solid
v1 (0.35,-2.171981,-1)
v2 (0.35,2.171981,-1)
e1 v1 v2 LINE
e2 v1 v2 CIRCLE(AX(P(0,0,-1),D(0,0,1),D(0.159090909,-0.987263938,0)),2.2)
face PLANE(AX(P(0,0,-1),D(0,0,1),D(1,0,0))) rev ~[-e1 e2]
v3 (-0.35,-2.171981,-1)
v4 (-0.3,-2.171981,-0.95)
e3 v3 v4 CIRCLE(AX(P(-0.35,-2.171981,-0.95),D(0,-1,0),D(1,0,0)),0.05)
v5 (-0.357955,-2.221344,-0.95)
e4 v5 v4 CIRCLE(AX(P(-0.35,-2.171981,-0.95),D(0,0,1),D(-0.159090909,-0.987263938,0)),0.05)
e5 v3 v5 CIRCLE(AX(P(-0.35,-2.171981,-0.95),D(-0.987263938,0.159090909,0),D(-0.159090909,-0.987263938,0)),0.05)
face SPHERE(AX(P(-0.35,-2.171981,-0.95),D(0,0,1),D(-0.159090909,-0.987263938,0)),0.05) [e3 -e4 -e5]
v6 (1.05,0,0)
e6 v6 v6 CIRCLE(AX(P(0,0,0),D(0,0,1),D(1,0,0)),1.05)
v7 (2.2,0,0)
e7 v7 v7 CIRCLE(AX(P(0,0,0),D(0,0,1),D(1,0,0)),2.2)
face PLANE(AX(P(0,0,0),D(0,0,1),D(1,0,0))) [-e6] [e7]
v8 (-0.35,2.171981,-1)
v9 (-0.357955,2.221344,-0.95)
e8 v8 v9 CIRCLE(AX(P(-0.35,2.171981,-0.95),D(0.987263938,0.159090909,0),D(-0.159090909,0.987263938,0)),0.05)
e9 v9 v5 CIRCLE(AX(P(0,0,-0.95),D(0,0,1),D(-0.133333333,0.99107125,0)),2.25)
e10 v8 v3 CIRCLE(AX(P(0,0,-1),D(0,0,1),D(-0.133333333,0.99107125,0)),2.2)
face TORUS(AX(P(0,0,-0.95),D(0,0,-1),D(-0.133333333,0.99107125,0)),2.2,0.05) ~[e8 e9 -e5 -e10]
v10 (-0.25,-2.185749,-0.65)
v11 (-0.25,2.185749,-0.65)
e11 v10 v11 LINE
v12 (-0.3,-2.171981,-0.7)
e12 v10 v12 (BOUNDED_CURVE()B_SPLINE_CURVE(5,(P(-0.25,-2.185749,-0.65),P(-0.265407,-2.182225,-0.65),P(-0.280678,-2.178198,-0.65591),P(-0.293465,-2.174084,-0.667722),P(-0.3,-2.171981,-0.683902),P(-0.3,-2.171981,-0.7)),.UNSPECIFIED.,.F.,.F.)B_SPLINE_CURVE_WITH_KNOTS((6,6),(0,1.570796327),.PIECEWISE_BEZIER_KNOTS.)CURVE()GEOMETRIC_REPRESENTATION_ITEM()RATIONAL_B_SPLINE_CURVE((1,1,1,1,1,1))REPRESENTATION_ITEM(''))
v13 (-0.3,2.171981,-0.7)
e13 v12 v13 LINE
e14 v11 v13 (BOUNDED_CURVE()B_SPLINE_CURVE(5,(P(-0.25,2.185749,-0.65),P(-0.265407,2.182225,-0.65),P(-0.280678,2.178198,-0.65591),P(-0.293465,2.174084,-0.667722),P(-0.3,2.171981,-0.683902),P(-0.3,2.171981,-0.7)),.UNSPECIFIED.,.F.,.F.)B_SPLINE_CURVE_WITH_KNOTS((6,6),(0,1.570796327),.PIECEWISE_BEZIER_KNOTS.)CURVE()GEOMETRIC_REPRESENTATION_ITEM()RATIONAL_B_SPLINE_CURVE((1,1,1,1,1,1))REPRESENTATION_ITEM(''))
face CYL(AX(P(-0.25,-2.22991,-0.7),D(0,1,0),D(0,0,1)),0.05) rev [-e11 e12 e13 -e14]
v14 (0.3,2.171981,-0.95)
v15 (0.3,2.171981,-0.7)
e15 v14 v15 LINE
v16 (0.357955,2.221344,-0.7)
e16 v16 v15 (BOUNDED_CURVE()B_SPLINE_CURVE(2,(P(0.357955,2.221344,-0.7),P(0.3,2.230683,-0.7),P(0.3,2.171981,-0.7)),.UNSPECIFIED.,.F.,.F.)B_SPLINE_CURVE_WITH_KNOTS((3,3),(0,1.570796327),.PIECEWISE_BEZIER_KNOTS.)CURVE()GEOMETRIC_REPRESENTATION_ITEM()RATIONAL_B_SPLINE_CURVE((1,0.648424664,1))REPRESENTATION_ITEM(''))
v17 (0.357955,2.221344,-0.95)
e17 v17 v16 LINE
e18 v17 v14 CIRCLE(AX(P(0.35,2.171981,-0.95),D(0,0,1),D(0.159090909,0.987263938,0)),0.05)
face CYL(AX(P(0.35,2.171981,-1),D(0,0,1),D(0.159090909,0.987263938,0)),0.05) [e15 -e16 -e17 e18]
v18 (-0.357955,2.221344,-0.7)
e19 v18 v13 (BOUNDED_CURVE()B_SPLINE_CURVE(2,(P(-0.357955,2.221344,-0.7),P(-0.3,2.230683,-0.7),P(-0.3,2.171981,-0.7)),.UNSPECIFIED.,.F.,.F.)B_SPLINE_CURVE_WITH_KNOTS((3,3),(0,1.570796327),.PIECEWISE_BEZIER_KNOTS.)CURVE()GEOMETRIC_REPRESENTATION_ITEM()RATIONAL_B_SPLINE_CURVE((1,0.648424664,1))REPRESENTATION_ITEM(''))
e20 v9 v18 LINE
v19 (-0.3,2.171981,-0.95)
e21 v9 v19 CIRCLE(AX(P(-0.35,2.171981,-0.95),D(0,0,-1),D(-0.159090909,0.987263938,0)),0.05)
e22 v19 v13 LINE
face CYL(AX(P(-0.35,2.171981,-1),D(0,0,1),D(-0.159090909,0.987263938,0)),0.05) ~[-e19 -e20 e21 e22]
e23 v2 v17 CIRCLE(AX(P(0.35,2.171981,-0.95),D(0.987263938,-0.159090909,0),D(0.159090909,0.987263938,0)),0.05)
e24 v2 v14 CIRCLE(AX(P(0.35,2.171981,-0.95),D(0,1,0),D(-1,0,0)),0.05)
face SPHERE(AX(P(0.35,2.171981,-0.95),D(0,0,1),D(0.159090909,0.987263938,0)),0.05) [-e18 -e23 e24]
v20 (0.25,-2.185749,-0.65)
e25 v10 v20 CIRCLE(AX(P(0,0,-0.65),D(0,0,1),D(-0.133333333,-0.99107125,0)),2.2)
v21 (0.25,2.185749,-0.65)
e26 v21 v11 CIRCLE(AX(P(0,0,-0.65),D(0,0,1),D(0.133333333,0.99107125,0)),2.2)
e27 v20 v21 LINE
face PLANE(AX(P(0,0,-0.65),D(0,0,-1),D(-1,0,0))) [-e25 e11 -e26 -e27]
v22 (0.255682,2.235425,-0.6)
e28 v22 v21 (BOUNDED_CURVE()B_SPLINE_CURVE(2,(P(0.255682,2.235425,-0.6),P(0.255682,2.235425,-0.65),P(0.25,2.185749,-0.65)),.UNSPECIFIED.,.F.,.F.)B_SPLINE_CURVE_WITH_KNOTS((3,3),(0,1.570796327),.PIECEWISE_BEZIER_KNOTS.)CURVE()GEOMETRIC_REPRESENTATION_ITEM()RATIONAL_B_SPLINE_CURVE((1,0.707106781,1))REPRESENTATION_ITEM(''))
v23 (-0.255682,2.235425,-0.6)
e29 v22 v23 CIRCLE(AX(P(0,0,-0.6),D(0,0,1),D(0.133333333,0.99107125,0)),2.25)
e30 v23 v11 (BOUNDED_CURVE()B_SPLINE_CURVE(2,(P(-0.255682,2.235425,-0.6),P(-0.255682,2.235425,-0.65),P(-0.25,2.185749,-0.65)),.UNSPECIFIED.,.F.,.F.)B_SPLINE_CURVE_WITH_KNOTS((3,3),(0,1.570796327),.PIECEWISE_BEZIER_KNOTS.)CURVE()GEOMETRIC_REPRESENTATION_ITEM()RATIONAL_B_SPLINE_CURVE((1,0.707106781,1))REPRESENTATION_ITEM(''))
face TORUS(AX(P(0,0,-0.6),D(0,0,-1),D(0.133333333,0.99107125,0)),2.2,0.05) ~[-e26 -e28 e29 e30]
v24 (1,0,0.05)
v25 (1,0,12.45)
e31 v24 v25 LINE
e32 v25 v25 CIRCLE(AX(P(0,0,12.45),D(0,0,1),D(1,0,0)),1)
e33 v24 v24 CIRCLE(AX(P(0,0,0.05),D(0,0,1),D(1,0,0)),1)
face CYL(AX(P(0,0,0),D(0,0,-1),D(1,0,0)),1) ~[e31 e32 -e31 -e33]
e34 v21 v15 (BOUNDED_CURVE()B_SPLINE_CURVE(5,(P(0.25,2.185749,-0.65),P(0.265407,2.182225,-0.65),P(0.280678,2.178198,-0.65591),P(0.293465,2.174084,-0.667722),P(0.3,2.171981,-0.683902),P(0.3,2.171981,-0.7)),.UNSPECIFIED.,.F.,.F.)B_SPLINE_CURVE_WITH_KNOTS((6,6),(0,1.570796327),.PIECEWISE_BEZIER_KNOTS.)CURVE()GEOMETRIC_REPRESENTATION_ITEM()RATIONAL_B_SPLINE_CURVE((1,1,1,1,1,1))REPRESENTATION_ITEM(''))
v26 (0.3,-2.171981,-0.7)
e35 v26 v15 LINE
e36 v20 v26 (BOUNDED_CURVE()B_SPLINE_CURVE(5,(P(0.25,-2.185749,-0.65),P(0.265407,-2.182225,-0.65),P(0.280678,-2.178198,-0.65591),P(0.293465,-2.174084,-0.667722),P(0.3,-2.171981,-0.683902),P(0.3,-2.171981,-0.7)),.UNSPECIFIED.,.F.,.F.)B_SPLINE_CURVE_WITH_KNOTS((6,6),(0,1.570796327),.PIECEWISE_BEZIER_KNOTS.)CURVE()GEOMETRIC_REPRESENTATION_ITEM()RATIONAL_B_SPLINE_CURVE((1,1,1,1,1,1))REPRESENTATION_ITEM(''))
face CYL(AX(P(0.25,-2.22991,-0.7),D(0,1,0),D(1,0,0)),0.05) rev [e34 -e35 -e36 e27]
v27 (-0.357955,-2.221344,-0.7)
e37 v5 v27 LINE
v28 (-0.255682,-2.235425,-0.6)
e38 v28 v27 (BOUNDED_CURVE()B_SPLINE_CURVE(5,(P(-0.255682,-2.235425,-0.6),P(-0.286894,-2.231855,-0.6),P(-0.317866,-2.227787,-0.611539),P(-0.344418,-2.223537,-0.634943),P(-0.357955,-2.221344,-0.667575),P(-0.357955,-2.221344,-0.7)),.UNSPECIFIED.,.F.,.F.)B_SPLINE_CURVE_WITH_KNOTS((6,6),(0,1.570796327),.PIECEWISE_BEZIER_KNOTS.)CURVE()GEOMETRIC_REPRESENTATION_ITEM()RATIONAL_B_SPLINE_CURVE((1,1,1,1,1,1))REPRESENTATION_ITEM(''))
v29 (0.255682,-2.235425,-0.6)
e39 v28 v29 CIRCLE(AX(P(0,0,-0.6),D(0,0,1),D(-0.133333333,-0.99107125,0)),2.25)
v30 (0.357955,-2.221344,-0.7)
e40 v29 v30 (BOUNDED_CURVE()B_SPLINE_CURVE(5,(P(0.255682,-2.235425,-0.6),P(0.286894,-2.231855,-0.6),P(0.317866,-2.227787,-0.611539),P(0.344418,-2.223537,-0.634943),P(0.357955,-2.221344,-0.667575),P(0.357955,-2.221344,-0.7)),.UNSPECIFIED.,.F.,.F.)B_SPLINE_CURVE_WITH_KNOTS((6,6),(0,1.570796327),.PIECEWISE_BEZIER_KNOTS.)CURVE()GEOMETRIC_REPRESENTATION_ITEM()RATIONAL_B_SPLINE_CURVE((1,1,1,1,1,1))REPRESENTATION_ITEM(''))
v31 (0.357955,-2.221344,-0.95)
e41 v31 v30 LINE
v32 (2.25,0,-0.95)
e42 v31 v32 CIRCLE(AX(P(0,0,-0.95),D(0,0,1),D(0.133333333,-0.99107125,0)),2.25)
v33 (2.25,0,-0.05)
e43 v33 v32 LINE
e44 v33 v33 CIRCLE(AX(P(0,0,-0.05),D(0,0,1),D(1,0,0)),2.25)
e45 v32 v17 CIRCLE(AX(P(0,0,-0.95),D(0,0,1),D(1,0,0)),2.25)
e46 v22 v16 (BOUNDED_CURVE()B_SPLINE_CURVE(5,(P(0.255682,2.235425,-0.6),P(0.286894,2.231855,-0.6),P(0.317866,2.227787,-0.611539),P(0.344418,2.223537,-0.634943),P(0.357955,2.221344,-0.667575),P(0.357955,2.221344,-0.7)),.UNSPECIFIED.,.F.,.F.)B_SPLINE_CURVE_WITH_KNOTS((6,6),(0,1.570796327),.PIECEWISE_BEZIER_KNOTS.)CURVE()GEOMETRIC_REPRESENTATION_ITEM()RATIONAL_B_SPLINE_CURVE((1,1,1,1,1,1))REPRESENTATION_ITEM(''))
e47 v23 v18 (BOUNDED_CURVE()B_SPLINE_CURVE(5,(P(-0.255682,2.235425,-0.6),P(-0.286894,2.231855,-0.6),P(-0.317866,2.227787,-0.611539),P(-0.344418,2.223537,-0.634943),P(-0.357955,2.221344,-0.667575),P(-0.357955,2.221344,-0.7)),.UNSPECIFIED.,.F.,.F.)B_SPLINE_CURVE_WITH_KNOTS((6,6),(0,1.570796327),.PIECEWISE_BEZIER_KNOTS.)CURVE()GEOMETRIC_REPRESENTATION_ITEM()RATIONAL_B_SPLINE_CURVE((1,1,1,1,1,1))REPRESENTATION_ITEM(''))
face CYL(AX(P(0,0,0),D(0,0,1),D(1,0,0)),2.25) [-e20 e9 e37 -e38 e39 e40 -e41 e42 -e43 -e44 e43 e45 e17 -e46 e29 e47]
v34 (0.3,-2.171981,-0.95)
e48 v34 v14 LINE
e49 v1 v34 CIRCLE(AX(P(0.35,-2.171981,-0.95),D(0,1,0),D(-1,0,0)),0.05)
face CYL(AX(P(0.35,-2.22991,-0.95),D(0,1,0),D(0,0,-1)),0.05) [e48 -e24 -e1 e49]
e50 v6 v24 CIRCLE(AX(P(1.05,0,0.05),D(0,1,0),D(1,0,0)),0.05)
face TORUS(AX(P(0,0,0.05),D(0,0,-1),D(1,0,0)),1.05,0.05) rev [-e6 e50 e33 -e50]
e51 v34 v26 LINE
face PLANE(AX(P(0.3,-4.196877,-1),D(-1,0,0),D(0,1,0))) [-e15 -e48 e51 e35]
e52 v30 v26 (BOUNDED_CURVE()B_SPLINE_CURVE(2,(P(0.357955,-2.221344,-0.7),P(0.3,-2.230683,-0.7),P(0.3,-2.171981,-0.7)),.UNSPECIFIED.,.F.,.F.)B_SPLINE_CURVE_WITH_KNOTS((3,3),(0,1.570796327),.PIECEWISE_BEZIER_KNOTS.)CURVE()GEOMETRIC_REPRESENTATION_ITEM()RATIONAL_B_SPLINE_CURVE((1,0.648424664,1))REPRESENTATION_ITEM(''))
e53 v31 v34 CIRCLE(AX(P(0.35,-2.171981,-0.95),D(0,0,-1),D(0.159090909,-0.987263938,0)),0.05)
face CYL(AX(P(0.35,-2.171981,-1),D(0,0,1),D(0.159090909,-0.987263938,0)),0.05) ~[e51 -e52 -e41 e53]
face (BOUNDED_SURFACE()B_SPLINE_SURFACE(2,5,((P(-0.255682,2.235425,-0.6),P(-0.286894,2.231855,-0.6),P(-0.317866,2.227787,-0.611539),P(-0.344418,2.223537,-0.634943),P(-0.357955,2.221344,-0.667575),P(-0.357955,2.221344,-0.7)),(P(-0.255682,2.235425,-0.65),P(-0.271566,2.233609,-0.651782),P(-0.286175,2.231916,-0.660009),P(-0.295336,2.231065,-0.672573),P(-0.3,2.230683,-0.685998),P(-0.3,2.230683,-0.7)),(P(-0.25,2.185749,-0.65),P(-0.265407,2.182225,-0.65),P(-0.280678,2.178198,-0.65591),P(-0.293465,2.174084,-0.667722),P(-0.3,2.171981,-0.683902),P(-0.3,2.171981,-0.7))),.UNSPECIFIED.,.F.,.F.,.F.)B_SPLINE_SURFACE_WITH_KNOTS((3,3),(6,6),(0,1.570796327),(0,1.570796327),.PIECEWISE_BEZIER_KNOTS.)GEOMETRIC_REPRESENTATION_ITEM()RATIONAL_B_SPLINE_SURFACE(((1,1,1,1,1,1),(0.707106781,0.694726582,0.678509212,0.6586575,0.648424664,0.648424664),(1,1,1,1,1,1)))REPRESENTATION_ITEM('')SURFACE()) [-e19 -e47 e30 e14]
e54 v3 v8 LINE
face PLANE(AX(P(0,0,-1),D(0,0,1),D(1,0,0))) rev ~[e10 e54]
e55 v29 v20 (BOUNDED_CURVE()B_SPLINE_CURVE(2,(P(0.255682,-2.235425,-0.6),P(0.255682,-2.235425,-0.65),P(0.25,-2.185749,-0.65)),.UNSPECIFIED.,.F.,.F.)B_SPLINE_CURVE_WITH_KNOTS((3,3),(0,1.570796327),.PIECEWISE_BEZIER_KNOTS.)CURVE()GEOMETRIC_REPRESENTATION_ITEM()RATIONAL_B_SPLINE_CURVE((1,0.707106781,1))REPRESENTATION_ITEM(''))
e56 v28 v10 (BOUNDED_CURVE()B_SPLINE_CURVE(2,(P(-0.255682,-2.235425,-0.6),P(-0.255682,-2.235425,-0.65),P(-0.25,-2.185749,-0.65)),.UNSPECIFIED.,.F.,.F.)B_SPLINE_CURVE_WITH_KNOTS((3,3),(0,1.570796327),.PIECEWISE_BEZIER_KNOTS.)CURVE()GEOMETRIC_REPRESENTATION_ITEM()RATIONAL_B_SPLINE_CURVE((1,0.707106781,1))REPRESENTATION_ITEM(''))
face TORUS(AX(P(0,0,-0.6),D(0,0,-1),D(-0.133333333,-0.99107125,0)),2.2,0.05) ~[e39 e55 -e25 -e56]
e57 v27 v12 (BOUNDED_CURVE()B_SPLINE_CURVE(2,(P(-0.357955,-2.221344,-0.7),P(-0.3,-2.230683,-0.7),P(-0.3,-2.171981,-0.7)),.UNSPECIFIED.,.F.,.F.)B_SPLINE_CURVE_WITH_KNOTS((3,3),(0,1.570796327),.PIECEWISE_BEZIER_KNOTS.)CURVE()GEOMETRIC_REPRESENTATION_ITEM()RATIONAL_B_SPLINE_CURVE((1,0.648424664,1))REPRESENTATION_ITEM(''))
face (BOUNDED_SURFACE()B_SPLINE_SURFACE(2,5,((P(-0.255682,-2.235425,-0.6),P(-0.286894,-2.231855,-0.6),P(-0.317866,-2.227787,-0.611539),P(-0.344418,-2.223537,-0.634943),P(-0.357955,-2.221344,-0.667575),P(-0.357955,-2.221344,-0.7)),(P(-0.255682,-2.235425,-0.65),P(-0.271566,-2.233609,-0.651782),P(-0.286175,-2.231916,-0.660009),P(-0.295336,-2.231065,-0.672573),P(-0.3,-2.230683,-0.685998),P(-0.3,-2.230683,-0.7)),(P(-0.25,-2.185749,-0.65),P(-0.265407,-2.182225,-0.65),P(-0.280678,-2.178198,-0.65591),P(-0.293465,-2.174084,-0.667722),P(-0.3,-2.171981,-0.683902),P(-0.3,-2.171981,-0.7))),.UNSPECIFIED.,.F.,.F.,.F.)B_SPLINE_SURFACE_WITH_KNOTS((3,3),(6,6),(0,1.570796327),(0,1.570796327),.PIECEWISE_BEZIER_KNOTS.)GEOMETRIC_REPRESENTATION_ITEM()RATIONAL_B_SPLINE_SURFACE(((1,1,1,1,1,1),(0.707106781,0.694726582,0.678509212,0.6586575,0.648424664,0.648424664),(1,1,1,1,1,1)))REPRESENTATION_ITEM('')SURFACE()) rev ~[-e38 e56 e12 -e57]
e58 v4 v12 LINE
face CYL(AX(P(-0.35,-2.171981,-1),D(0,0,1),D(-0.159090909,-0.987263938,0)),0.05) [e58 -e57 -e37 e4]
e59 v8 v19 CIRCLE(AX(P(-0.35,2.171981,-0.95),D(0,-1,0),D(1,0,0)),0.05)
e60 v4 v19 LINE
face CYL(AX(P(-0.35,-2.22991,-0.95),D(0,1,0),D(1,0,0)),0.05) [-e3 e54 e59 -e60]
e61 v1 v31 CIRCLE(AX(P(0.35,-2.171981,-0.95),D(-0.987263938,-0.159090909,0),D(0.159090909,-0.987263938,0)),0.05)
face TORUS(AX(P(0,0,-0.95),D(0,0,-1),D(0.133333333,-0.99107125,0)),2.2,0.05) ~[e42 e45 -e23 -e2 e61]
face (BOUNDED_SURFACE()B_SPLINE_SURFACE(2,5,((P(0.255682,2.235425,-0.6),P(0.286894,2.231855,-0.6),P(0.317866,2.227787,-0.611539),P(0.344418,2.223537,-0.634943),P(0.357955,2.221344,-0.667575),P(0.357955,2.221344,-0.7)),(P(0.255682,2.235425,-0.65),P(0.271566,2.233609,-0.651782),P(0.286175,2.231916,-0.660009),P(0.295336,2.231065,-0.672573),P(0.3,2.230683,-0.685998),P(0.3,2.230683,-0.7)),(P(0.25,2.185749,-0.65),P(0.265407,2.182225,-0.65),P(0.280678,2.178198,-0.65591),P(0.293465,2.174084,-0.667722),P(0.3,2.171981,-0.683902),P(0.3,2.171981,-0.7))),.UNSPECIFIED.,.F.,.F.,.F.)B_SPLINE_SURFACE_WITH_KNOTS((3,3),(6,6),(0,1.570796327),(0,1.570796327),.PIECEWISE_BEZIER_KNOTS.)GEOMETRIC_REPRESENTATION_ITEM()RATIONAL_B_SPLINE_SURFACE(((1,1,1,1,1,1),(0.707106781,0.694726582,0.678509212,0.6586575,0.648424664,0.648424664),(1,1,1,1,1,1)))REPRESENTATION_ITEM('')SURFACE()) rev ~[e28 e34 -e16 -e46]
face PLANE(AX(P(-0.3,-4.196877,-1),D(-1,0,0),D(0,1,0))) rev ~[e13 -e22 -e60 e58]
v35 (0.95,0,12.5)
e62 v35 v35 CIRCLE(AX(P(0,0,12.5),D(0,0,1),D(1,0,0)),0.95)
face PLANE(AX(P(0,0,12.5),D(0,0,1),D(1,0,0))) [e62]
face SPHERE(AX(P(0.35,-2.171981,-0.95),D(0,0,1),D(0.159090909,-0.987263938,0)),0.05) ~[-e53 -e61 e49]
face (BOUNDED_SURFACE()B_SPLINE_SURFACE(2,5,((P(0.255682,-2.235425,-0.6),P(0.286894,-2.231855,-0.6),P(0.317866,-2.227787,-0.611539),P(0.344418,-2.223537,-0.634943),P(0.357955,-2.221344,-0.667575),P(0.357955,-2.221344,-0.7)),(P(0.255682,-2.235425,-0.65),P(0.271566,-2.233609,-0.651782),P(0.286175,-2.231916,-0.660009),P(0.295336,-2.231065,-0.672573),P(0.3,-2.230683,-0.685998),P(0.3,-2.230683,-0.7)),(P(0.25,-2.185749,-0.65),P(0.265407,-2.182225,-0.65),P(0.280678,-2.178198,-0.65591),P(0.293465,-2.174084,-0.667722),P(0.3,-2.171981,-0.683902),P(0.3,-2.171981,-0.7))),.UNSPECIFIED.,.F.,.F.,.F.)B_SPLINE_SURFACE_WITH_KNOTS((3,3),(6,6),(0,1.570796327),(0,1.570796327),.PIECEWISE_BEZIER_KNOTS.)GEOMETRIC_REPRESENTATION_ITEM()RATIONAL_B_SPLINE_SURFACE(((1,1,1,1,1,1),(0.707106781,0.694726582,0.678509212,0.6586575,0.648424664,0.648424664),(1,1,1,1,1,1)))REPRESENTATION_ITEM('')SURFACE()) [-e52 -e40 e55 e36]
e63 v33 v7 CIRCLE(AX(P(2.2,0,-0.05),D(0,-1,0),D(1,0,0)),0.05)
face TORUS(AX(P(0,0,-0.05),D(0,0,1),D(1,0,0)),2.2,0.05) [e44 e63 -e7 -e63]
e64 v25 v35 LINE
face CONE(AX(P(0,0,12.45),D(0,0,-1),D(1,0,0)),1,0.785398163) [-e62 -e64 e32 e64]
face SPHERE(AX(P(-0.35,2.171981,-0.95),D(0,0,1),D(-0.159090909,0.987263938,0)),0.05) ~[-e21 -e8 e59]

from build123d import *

# Parameters (mm, degrees)
SKETCH1_R           = 1
BOSS_EXTRUDE1_DEPTH = 12.5
SKETCH2_R           = 2.25
BOSS_EXTRUDE2_DEPTH = 1
SKETCH3_W           = 0.6
SKETCH3_H           = 8.393754192
CUT_EXTRUDE1_DEPTH  = 0.35
FILLET1_R           = 0.05
FILLET2_R           = 0.05
CHAMFER1_SIZE       = 0.05


with BuildPart() as part:
    # Sketch1 → Boss-Extrude1 (new body)
    with BuildSketch(Plane.XY):
        Circle(SKETCH1_R)
    extrude(amount=BOSS_EXTRUDE1_DEPTH)

    # Sketch2 → Boss-Extrude2 (add)
    with BuildSketch(Plane.XY):
        Circle(SKETCH2_R)
    extrude(amount=-BOSS_EXTRUDE2_DEPTH)

    # Sketch3 → Cut-Extrude1 (cut)
    with BuildSketch(Plane(origin=(0, 0, -1), x_dir=(-1, 0, 0), z_dir=(0, 0, -1))):
        Rectangle(SKETCH3_W, SKETCH3_H)
    extrude(amount=-CUT_EXTRUDE1_DEPTH, mode=Mode.SUBTRACT)

    # Fillet1
    fillet1_edges = [part.edges().sort_by_distance(p)[0] for p in [
        (-2.25, 0, -1),
        (1.693738469, -1.481131324, -1),
        (0.3, 0, -1),
        (-0.3, 0, -1),
        (0, 2.25, -0.65),
        (0, -2.25, -0.65),
        (-0.3, -2.229910312, -0.825),
        (-0.3, 2.229910312, -0.825),
        (0.3, 2.229910312, -0.825),
        (0.3, -2.229910312, -0.825),
        (-0.3, 0, -0.65),
        (0.3, 0, -0.65),
        (-1, 0, 0),
    ]]
    fillet(fillet1_edges, radius=FILLET1_R)

    # Fillet2
    fillet2_edges = [part.edges().sort_by_distance(p)[0] for p in [
        (-2.25, 0, 0),
    ]]
    fillet(fillet2_edges, radius=FILLET2_R)

    # Chamfer1
    chamfer1_edges = [part.edges().sort_by_distance(p)[0] for p in [
        (-1, 0, 12.5),
    ]]
    chamfer(chamfer1_edges, length=CHAMFER1_SIZE)


solid = part.part
